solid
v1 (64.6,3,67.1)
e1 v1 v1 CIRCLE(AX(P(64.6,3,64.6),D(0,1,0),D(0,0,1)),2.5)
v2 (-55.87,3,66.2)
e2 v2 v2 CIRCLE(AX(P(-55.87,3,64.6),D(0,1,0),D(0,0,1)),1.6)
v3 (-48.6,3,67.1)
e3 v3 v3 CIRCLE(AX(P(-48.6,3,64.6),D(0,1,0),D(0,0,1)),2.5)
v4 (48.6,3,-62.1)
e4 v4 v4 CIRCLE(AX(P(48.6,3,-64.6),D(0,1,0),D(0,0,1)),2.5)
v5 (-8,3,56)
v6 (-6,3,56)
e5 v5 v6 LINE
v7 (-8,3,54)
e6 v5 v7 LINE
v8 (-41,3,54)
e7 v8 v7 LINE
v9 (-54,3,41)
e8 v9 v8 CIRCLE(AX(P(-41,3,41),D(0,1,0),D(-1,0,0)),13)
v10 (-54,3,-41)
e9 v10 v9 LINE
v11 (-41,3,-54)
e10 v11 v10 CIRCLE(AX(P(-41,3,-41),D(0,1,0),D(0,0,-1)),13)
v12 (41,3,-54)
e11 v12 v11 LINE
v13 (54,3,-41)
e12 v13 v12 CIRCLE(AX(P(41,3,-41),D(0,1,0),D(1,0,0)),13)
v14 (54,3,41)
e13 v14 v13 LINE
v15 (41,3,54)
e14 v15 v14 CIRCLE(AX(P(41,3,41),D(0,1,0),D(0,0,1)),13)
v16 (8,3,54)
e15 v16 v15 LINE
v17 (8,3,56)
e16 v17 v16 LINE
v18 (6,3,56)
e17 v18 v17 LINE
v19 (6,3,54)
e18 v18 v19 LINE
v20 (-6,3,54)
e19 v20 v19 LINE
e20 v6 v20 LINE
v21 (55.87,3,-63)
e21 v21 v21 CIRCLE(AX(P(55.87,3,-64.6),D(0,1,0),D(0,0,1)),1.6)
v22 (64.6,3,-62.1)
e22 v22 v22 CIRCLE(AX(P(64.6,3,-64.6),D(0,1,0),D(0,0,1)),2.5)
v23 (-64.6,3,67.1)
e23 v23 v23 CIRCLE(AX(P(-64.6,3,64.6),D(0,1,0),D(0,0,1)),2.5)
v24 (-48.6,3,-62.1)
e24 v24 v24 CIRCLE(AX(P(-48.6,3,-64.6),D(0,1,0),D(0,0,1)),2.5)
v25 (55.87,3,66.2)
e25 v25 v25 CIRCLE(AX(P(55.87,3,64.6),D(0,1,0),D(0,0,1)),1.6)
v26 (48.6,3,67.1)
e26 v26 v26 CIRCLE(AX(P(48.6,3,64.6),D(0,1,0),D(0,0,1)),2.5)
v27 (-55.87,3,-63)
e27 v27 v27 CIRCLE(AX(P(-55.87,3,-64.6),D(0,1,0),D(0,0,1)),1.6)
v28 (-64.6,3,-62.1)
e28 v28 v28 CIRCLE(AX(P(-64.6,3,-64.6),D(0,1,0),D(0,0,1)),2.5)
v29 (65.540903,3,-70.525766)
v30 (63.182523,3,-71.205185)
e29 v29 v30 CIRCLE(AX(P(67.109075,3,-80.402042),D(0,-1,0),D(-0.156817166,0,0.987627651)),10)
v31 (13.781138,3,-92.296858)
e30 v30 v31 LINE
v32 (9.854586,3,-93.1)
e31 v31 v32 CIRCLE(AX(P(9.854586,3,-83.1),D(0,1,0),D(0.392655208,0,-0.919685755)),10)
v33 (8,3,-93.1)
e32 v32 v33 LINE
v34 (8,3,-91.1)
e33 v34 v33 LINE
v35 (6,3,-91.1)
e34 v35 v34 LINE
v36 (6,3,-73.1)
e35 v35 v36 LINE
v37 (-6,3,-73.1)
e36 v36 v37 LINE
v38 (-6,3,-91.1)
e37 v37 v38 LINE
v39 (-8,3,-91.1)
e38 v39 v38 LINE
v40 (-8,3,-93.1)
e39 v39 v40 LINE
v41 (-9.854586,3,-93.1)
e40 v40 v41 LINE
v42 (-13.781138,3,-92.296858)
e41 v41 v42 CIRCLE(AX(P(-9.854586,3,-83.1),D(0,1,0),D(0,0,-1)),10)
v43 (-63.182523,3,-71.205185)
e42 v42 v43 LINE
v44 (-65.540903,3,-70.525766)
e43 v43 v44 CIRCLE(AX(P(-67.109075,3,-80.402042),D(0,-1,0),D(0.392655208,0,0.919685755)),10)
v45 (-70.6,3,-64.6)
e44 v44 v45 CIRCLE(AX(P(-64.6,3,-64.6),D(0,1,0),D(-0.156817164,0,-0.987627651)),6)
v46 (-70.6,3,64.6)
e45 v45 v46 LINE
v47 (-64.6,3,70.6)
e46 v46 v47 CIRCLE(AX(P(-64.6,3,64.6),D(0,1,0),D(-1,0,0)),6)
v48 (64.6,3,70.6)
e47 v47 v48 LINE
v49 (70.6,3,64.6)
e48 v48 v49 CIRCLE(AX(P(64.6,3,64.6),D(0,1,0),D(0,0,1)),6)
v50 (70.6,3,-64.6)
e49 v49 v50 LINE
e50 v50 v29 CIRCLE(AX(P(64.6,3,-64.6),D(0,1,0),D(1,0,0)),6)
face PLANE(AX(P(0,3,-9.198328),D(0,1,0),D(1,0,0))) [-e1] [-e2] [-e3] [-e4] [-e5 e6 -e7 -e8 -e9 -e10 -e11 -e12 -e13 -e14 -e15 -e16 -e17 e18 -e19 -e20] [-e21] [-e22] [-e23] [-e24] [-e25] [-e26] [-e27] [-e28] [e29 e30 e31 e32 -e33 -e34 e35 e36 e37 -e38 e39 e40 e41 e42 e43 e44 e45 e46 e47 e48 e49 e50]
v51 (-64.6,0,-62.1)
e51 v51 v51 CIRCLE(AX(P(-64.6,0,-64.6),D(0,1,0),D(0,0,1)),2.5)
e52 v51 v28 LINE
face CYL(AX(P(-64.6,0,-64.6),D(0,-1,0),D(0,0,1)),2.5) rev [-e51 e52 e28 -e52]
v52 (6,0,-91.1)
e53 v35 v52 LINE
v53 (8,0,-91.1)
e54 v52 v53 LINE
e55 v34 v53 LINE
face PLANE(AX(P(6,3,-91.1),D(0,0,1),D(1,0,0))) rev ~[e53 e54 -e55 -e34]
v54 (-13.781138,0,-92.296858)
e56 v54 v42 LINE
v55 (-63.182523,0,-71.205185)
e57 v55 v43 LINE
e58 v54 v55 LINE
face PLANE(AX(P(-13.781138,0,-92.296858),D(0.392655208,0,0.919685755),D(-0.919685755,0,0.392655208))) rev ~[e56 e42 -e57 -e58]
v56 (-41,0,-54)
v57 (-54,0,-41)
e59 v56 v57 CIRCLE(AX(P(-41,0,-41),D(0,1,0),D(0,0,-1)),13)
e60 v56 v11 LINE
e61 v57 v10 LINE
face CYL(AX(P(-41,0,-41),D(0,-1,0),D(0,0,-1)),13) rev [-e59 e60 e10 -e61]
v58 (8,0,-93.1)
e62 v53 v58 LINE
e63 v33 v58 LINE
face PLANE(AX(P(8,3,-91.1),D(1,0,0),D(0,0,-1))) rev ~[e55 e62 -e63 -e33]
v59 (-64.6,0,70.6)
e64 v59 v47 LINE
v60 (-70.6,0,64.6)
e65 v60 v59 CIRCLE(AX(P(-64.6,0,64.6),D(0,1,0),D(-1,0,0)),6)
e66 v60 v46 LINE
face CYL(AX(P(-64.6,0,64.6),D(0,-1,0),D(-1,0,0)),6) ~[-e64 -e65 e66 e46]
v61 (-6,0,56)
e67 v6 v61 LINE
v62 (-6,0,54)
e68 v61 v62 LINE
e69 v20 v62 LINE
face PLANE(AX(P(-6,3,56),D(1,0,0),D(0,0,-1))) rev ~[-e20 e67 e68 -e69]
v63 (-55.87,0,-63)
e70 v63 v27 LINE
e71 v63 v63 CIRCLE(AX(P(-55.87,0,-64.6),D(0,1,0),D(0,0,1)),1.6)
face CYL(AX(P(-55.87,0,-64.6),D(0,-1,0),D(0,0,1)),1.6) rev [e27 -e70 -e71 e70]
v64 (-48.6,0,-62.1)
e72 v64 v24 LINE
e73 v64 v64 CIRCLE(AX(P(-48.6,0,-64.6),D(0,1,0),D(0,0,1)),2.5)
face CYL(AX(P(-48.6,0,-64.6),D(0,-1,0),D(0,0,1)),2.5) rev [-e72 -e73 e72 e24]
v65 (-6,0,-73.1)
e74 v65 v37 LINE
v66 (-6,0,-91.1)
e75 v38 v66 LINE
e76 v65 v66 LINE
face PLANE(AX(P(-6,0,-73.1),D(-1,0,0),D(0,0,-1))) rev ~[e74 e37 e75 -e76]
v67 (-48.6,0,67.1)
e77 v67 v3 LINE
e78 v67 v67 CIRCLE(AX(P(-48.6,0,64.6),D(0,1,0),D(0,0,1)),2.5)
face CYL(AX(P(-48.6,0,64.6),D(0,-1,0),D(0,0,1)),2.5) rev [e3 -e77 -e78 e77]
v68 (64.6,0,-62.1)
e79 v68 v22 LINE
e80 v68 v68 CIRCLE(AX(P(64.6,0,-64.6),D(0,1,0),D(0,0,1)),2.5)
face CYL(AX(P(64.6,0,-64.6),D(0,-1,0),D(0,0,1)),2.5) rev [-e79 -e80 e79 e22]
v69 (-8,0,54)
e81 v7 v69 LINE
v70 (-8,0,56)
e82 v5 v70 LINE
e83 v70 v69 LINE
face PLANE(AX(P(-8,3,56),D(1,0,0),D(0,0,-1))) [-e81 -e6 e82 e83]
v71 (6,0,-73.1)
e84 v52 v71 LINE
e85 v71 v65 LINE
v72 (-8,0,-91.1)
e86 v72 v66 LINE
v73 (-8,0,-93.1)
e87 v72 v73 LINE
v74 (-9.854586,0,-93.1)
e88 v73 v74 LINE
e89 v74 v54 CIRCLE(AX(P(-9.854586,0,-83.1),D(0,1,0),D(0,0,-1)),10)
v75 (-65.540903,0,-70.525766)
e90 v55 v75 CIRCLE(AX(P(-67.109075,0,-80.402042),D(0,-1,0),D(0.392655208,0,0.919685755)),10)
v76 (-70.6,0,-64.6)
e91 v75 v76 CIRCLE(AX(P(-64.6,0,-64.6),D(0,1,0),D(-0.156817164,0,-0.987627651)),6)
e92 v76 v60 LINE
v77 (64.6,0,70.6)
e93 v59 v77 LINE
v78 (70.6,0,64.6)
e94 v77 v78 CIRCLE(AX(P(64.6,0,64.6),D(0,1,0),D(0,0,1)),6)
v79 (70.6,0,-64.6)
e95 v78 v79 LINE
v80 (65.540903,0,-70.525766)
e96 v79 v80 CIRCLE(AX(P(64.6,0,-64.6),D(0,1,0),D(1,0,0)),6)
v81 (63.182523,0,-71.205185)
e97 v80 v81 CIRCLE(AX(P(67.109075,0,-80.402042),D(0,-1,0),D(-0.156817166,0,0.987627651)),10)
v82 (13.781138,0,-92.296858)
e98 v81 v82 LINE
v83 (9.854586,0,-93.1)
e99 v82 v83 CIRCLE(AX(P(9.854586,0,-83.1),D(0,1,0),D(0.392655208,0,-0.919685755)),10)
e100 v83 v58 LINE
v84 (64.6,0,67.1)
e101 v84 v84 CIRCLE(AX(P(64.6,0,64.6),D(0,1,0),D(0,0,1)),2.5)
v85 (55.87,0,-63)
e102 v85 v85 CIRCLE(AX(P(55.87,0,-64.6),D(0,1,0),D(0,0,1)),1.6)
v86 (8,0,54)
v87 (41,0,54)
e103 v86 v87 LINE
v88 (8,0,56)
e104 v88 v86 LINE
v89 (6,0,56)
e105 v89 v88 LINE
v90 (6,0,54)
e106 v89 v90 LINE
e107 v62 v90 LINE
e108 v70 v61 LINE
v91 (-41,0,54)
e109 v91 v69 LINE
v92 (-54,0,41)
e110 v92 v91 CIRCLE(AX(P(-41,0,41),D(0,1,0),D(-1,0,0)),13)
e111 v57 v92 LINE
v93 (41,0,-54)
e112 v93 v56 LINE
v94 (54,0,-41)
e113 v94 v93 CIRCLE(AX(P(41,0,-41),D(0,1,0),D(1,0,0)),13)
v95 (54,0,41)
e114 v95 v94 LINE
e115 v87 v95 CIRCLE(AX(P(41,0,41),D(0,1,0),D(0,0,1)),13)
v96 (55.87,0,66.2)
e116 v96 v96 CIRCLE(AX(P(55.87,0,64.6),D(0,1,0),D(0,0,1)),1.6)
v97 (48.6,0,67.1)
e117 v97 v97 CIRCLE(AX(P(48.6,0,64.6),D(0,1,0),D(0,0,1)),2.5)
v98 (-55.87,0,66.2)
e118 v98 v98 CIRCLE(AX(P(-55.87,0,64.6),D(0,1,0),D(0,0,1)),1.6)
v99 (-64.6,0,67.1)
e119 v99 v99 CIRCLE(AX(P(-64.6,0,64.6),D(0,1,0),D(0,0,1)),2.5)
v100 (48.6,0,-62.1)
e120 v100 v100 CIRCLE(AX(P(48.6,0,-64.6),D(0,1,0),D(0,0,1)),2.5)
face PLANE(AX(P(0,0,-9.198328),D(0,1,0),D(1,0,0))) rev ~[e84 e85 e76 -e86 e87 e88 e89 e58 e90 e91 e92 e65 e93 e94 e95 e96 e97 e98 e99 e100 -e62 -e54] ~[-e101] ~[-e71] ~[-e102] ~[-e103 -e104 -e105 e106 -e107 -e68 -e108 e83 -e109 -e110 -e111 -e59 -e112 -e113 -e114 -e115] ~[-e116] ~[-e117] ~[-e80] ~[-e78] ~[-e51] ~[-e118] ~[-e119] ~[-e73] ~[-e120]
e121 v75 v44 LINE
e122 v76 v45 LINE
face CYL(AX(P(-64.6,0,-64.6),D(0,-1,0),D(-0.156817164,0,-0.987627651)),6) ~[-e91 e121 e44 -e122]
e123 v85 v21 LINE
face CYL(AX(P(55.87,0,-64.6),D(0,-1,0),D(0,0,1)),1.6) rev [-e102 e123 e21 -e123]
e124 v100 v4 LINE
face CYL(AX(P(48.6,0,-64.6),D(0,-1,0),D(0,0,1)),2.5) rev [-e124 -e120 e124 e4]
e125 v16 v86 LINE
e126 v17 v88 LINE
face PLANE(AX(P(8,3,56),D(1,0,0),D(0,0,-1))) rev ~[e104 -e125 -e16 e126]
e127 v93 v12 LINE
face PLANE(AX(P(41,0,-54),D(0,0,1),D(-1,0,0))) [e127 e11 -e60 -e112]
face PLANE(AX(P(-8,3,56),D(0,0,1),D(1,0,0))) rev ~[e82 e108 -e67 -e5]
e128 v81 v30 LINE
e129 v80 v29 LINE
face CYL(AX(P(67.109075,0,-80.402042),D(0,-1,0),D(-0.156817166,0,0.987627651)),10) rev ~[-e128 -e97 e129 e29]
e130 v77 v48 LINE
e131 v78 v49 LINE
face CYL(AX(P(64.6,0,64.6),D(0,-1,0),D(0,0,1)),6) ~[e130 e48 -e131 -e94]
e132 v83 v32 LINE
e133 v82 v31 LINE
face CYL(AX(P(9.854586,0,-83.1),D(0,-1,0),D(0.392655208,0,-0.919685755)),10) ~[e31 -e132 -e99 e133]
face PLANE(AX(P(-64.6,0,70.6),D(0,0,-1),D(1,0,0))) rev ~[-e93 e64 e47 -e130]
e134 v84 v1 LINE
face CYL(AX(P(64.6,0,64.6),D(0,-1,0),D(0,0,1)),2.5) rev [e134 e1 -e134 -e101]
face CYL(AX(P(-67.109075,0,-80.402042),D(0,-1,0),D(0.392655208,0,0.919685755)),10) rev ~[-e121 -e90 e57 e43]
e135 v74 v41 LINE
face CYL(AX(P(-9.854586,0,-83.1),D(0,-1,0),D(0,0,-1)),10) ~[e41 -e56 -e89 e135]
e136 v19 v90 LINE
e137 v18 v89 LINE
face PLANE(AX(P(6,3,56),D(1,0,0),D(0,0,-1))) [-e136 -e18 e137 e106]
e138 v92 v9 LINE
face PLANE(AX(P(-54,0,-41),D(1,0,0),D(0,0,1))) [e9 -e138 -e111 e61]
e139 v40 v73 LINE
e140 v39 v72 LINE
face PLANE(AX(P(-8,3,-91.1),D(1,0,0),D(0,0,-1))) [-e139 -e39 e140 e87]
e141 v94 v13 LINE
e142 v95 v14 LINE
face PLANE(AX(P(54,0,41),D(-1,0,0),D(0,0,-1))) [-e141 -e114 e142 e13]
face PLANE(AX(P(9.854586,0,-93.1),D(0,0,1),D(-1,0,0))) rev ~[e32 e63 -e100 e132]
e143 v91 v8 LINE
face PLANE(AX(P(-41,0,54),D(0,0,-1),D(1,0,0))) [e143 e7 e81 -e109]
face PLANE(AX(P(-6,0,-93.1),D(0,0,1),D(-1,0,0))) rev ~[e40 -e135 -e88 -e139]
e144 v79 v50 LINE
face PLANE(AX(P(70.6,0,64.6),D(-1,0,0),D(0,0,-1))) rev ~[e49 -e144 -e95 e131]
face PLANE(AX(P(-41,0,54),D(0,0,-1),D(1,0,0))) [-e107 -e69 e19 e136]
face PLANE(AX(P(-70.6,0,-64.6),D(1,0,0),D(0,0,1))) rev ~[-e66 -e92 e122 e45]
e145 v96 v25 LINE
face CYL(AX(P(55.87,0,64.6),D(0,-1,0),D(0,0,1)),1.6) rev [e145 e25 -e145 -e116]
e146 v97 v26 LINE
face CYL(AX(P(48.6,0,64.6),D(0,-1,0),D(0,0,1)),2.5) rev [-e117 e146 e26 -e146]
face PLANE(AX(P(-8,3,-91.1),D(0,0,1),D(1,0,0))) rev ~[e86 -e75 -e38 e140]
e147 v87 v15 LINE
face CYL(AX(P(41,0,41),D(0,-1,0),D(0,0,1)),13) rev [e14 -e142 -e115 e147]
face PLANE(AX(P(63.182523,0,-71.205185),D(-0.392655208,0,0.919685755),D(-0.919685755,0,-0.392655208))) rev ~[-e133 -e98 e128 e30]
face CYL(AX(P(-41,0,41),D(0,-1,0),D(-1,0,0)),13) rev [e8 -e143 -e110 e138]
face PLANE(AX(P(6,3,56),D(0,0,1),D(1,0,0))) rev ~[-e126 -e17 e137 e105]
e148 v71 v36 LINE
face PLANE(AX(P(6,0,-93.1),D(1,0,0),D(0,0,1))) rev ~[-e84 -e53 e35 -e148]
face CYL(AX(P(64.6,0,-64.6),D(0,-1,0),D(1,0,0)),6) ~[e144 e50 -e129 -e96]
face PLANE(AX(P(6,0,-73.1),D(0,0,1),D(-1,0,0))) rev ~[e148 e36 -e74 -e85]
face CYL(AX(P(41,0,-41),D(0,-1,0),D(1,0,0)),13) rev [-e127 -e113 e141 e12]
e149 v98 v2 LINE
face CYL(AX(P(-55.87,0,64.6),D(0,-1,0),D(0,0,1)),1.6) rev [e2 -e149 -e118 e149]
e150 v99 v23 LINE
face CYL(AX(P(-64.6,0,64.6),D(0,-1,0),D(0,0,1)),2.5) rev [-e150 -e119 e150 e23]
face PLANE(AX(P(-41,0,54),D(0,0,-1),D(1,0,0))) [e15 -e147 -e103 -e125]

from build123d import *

# Parameters (mm, degrees)
SKETCH1_R           = 2.5
SKETCH1_R_2         = 1.6
BOSS_EXTRUDE1_DEPTH = 3
SKETCH2_W           = 2
SKETCH2_H           = 2
CUT_EXTRUDE1_DEPTH  = 117.880152293


with BuildPart() as part:
    # Sketch1 → Boss-Extrude1 (new body)
    with BuildSketch(Plane(origin=(0, 0, 0), x_dir=(1, 0, 0), z_dir=(0, 1, 0))):
        with BuildLine():
            Line((-64.6, -70.6), (64.6, -70.6))
            ThreePointArc((64.6, -70.6), (68.842640687, -68.842640687), (70.6, -64.6))
            Line((70.6, -64.6), (70.6, 64.6))
            ThreePointArc((70.6, 64.6), (69.163190657, 68.495804286), (65.540902989, 70.525765905))
            ThreePointArc((65.540902989, 70.525765905), (64.340790015, 70.792848887), (63.182522555, 71.205184867))
            Line((63.182522555, 71.205184867), (13.781138102, 92.296857547))
            ThreePointArc((13.781138102, 92.296857547), (11.858510235, 92.897157125), (9.854586018, 93.1))
            Line((9.854586018, 93.1), (6, 93.1))
            Line((6, 93.1), (6, 73.1))
            Line((6, 73.1), (-6, 73.1))
            Line((-6, 73.1), (-6, 93.1))
            Line((-6, 93.1), (-9.854586018, 93.1))
            ThreePointArc((-9.854586018, 93.1), (-11.858510235, 92.897157125), (-13.781138102, 92.296857547))
            Line((-13.781138102, 92.296857547), (-63.182522555, 71.205184867))
            ThreePointArc((-63.182522555, 71.205184867), (-64.340790015, 70.792848887), (-65.540902989, 70.525765905))
            ThreePointArc((-65.540902989, 70.525765905), (-69.163190657, 68.495804286), (-70.6, 64.6))
            Line((-70.6, 64.6), (-70.6, -64.6))
            ThreePointArc((-70.6, -64.6), (-68.842640687, -68.842640687), (-64.6, -70.6))
        make_face()
        with Locations(Location((64.6, -64.6, 0), (0, 0, 270))):
            Circle(SKETCH1_R, mode=Mode.SUBTRACT)
        with Locations(Location((48.6, -64.6, 0), (0, 0, 270))):
            Circle(SKETCH1_R, mode=Mode.SUBTRACT)
        with Locations(Location((-55.87, 64.6, 0), (0, 0, 270))):
            Circle(SKETCH1_R_2, mode=Mode.SUBTRACT)
        with Locations(Location((55.87, -64.6, 0), (0, 0, 270))):
            Circle(SKETCH1_R_2, mode=Mode.SUBTRACT)
        with Locations(Location((-48.6, 64.6, 0), (0, 0, 270))):
            Circle(SKETCH1_R, mode=Mode.SUBTRACT)
        with Locations(Location((55.87, 64.6, 0), (0, 0, 270))):
            Circle(SKETCH1_R_2, mode=Mode.SUBTRACT)
        with Locations(Location((48.6, 64.6, 0), (0, 0, 270))):
            Circle(SKETCH1_R, mode=Mode.SUBTRACT)
        with Locations(Location((64.6, 64.6, 0), (0, 0, 270))):
            Circle(SKETCH1_R, mode=Mode.SUBTRACT)
        with Locations(Location((-55.87, -64.6, 0), (0, 0, 270))):
            Circle(SKETCH1_R_2, mode=Mode.SUBTRACT)
        with Locations(Location((-48.6, -64.6, 0), (0, 0, 270))):
            Circle(SKETCH1_R, mode=Mode.SUBTRACT)
        with Locations(Location((-64.6, -64.6, 0), (0, 0, 270))):
            Circle(SKETCH1_R, mode=Mode.SUBTRACT)
        with Locations(Location((-64.6, 64.6, 0), (0, 0, 270))):
            Circle(SKETCH1_R, mode=Mode.SUBTRACT)
        with BuildLine():
            ThreePointArc((-41, 54), (-50.192388155, 50.192388155), (-54, 41))
            Line((-54, 41), (-54, -41))
            ThreePointArc((-54, -41), (-50.192388155, -50.192388155), (-41, -54))
            Line((-41, -54), (41, -54))
            ThreePointArc((41, -54), (50.192388155, -50.192388155), (54, -41))
            Line((54, -41), (54, 41))
            ThreePointArc((54, 41), (50.192388155, 50.192388155), (41, 54))
            Line((41, 54), (-41, 54))
        make_face(mode=Mode.SUBTRACT)
    extrude(amount=BOSS_EXTRUDE1_DEPTH)

    # Sketch2 → Cut-Extrude1 (cut, through all)
    with BuildSketch(Plane(origin=(0, 3, 0), x_dir=(1, 0, 0), z_dir=(0, 1, 0))):
        with Locations((-7, 92.1)):
            Rectangle(SKETCH2_W, SKETCH2_H)
        with Locations((7, 92.1)):
            Rectangle(SKETCH2_W, SKETCH2_H)
        with Locations((-7, -55)):
            Rectangle(SKETCH2_W, SKETCH2_H)
        with Locations((7, -55)):
            Rectangle(SKETCH2_W, SKETCH2_H)
    extrude(amount=-CUT_EXTRUDE1_DEPTH, mode=Mode.SUBTRACT)


solid = part.part
